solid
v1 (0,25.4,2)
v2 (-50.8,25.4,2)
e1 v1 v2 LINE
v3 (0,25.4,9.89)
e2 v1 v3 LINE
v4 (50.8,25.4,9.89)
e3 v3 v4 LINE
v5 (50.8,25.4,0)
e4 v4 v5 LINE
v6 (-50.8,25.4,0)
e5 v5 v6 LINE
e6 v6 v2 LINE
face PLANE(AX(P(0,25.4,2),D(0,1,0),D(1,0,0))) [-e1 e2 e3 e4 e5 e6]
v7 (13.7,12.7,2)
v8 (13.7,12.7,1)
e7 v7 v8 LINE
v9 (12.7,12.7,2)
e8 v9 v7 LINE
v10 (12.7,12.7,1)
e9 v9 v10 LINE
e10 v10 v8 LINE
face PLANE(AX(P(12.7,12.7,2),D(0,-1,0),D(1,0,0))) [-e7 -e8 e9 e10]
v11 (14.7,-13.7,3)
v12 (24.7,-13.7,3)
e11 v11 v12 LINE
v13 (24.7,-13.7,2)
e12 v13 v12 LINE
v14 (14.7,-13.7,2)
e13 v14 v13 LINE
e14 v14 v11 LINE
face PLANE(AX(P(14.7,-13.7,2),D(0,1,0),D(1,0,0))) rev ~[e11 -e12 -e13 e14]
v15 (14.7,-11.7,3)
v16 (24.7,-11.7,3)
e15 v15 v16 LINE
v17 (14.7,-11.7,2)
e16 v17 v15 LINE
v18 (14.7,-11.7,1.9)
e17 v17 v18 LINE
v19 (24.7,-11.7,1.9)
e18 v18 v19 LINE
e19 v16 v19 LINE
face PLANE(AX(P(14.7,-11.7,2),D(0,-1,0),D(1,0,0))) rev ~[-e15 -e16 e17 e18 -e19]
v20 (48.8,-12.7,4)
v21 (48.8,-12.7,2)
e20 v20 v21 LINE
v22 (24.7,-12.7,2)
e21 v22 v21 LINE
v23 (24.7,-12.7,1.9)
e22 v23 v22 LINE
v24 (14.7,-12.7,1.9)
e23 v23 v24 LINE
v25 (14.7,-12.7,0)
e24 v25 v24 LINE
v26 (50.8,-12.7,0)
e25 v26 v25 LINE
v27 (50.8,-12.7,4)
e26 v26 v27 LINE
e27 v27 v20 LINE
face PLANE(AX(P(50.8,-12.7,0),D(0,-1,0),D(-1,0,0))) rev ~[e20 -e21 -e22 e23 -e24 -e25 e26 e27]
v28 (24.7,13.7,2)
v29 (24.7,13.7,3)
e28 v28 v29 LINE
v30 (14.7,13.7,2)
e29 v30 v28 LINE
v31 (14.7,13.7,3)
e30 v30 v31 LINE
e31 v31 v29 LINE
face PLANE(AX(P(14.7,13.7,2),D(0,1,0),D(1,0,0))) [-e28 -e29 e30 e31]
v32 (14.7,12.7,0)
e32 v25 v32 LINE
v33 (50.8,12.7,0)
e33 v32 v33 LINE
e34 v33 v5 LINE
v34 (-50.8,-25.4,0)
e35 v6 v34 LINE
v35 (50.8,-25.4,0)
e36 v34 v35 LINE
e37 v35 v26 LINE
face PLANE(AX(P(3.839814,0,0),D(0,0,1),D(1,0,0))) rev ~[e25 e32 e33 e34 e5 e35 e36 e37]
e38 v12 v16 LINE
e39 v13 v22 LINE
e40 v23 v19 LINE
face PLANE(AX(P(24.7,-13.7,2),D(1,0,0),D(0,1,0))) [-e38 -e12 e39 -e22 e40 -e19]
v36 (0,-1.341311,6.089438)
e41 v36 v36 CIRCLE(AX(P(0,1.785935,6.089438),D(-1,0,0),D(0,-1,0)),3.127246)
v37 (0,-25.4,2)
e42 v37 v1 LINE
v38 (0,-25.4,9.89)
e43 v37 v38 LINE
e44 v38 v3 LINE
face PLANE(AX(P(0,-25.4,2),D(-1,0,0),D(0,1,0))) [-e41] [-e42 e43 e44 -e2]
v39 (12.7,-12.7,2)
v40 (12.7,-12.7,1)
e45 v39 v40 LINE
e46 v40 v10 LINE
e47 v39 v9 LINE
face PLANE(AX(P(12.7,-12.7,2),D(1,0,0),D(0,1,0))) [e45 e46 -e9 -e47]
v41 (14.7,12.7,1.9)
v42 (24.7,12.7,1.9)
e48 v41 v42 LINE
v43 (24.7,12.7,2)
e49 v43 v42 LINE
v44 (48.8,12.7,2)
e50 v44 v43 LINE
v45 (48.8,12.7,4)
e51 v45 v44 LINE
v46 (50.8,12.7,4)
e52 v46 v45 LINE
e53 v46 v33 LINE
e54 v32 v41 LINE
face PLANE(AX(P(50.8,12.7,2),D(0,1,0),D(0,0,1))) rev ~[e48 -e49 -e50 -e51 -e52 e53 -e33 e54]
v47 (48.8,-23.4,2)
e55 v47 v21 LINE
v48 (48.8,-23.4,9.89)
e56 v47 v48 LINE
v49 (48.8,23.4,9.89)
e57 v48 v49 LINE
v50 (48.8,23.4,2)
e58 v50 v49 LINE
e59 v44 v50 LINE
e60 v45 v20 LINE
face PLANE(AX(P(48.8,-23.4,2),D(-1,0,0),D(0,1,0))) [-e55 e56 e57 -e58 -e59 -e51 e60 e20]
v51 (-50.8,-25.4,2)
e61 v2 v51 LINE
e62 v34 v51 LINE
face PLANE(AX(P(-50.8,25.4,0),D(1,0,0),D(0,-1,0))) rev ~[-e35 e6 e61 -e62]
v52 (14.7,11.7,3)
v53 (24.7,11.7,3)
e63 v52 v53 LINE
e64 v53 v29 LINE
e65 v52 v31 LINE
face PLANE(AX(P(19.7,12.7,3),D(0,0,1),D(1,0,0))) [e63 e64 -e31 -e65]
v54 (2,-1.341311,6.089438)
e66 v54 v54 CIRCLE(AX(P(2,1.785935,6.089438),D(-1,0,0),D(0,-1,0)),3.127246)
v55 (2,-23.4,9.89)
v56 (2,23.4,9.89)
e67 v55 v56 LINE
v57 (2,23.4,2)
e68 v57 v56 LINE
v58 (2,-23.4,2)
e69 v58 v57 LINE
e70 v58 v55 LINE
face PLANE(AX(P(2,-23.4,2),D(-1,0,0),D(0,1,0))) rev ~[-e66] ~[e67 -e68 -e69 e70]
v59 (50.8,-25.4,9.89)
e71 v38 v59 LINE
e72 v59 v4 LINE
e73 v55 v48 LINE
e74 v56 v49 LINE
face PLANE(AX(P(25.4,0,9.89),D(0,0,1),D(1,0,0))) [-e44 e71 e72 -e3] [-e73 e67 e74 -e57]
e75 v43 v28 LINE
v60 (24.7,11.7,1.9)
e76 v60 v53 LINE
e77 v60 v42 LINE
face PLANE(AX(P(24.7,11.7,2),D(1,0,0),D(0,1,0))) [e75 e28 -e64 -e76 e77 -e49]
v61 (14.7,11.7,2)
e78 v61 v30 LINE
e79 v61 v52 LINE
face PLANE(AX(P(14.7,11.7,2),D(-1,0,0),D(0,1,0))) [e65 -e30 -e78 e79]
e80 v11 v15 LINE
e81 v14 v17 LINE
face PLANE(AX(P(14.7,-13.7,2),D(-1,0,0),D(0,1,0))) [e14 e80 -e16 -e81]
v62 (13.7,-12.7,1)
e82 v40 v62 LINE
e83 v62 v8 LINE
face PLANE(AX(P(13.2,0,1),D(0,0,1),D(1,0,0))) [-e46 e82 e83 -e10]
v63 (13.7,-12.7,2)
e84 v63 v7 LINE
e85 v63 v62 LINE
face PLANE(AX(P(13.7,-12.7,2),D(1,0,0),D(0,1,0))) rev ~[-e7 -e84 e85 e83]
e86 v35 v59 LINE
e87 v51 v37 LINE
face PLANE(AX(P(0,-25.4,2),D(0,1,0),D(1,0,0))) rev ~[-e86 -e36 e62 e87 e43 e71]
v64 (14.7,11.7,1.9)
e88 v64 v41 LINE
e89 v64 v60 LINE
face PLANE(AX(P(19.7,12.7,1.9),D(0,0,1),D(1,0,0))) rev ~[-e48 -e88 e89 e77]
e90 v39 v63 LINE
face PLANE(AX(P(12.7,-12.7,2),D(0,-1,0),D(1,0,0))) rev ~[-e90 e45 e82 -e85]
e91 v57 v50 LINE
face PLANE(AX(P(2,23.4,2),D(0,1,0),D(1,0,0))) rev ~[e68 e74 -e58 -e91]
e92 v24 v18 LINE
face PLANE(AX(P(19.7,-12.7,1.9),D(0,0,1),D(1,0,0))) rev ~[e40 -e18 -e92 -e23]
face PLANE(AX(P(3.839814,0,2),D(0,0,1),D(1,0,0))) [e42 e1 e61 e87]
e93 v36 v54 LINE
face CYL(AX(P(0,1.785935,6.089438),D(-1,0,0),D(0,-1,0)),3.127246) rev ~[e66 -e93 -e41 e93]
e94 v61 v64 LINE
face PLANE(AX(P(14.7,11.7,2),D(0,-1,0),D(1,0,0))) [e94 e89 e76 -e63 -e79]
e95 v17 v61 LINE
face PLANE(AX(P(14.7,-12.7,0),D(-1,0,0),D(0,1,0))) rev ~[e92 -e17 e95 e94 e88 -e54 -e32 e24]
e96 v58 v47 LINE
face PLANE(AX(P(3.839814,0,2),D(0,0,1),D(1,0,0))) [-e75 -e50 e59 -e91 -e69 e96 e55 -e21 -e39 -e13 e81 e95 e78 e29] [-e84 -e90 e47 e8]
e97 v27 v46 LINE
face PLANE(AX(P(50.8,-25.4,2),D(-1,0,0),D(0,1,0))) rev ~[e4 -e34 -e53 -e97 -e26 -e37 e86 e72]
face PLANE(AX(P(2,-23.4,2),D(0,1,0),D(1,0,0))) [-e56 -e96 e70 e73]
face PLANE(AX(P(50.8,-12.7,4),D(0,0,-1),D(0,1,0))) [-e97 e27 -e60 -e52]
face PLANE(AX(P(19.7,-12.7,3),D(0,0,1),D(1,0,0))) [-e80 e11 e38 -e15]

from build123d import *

# Parameters (mm, degrees)
F1_DEPTH       = 2
F2_W           = 50.8
F2_H           = 50.8
F2_W_2         = 46.8
F2_H_2         = 46.8
F3_DEPTH       = 8.89
F4_R           = 3.127246
F5_DEPTH       = 25.4
F6_W           = 25.4
F6_H           = 2
F7_DEPTH       = 25.4
F8_W           = 50.8
F8_H           = 50.8
F9_DEPTH       = 1
F10_W          = 1
F10_H          = 25.4
F11_DEPTH      = 1
F12_W          = 10
F12_H          = 2
F13_DEPTH      = 1
F13_DEPTH_BACK = 0.1


with BuildPart() as f1:
    # F0 (on Top) → F1 (new body)
    with BuildSketch(Plane.XY):
        Polygon((50.8, 25.4), (-50.8, 25.4), (-50.8, -25.4), (50.8, -25.4), (50.8, -12.7), (14.7, -12.7), (14.7, 12.7), (50.8, 12.7), align=None)
    extrude(amount=F1_DEPTH)

    # F2 (on face) → F3 (join)
    with BuildSketch(Plane.XY.offset(2)):
        with Locations((25.4, 0)):
            Rectangle(F2_W, F2_H)
        with Locations((25.4, 0)):
            Rectangle(F2_W_2, F2_H_2, mode=Mode.SUBTRACT)
    extrude(amount=F3_DEPTH)

    # F4 (on face) → F5 (cut)
    with BuildSketch(Plane(origin=(0, 0, 0), x_dir=(0, -1, 0), z_dir=(-1, 0, 0))):
        with Locations((-1.785935, 6.089438)):
            Circle(F4_R)
    extrude(amount=-F5_DEPTH, mode=Mode.SUBTRACT)

    # F6 (on face) → F7 (cut)
    with BuildSketch(Plane.YZ.offset(50.8)):
        with Locations((0, 3)):
            Rectangle(F6_W, F6_H)
    extrude(amount=-F7_DEPTH, mode=Mode.SUBTRACT)

    # F8 (on face) → F9 (cut)
    with BuildSketch(Plane.XY.offset(10.89)):
        with Locations((25.4, 0)):
            Rectangle(F8_W, F8_H)
    extrude(amount=-F9_DEPTH, mode=Mode.SUBTRACT)

    # F10 (on face) → F11 (cut)
    with BuildSketch(Plane.XY.offset(2)):
        with Locations((13.2, 0)):
            Rectangle(F10_W, F10_H)
    extrude(amount=-F11_DEPTH, mode=Mode.SUBTRACT)

    # F12 (on face) → F13 (join, two sides)
    with BuildSketch(Plane.XY.offset(2)) as f13_sk:
        with Locations((19.7, -12.7)):
            Rectangle(F12_W, F12_H)
        with Locations((19.7, 12.7)):
            Rectangle(F12_W, F12_H)
    extrude(amount=F13_DEPTH)
    extrude(f13_sk.sketch, amount=-F13_DEPTH_BACK)


solid = f1.part
